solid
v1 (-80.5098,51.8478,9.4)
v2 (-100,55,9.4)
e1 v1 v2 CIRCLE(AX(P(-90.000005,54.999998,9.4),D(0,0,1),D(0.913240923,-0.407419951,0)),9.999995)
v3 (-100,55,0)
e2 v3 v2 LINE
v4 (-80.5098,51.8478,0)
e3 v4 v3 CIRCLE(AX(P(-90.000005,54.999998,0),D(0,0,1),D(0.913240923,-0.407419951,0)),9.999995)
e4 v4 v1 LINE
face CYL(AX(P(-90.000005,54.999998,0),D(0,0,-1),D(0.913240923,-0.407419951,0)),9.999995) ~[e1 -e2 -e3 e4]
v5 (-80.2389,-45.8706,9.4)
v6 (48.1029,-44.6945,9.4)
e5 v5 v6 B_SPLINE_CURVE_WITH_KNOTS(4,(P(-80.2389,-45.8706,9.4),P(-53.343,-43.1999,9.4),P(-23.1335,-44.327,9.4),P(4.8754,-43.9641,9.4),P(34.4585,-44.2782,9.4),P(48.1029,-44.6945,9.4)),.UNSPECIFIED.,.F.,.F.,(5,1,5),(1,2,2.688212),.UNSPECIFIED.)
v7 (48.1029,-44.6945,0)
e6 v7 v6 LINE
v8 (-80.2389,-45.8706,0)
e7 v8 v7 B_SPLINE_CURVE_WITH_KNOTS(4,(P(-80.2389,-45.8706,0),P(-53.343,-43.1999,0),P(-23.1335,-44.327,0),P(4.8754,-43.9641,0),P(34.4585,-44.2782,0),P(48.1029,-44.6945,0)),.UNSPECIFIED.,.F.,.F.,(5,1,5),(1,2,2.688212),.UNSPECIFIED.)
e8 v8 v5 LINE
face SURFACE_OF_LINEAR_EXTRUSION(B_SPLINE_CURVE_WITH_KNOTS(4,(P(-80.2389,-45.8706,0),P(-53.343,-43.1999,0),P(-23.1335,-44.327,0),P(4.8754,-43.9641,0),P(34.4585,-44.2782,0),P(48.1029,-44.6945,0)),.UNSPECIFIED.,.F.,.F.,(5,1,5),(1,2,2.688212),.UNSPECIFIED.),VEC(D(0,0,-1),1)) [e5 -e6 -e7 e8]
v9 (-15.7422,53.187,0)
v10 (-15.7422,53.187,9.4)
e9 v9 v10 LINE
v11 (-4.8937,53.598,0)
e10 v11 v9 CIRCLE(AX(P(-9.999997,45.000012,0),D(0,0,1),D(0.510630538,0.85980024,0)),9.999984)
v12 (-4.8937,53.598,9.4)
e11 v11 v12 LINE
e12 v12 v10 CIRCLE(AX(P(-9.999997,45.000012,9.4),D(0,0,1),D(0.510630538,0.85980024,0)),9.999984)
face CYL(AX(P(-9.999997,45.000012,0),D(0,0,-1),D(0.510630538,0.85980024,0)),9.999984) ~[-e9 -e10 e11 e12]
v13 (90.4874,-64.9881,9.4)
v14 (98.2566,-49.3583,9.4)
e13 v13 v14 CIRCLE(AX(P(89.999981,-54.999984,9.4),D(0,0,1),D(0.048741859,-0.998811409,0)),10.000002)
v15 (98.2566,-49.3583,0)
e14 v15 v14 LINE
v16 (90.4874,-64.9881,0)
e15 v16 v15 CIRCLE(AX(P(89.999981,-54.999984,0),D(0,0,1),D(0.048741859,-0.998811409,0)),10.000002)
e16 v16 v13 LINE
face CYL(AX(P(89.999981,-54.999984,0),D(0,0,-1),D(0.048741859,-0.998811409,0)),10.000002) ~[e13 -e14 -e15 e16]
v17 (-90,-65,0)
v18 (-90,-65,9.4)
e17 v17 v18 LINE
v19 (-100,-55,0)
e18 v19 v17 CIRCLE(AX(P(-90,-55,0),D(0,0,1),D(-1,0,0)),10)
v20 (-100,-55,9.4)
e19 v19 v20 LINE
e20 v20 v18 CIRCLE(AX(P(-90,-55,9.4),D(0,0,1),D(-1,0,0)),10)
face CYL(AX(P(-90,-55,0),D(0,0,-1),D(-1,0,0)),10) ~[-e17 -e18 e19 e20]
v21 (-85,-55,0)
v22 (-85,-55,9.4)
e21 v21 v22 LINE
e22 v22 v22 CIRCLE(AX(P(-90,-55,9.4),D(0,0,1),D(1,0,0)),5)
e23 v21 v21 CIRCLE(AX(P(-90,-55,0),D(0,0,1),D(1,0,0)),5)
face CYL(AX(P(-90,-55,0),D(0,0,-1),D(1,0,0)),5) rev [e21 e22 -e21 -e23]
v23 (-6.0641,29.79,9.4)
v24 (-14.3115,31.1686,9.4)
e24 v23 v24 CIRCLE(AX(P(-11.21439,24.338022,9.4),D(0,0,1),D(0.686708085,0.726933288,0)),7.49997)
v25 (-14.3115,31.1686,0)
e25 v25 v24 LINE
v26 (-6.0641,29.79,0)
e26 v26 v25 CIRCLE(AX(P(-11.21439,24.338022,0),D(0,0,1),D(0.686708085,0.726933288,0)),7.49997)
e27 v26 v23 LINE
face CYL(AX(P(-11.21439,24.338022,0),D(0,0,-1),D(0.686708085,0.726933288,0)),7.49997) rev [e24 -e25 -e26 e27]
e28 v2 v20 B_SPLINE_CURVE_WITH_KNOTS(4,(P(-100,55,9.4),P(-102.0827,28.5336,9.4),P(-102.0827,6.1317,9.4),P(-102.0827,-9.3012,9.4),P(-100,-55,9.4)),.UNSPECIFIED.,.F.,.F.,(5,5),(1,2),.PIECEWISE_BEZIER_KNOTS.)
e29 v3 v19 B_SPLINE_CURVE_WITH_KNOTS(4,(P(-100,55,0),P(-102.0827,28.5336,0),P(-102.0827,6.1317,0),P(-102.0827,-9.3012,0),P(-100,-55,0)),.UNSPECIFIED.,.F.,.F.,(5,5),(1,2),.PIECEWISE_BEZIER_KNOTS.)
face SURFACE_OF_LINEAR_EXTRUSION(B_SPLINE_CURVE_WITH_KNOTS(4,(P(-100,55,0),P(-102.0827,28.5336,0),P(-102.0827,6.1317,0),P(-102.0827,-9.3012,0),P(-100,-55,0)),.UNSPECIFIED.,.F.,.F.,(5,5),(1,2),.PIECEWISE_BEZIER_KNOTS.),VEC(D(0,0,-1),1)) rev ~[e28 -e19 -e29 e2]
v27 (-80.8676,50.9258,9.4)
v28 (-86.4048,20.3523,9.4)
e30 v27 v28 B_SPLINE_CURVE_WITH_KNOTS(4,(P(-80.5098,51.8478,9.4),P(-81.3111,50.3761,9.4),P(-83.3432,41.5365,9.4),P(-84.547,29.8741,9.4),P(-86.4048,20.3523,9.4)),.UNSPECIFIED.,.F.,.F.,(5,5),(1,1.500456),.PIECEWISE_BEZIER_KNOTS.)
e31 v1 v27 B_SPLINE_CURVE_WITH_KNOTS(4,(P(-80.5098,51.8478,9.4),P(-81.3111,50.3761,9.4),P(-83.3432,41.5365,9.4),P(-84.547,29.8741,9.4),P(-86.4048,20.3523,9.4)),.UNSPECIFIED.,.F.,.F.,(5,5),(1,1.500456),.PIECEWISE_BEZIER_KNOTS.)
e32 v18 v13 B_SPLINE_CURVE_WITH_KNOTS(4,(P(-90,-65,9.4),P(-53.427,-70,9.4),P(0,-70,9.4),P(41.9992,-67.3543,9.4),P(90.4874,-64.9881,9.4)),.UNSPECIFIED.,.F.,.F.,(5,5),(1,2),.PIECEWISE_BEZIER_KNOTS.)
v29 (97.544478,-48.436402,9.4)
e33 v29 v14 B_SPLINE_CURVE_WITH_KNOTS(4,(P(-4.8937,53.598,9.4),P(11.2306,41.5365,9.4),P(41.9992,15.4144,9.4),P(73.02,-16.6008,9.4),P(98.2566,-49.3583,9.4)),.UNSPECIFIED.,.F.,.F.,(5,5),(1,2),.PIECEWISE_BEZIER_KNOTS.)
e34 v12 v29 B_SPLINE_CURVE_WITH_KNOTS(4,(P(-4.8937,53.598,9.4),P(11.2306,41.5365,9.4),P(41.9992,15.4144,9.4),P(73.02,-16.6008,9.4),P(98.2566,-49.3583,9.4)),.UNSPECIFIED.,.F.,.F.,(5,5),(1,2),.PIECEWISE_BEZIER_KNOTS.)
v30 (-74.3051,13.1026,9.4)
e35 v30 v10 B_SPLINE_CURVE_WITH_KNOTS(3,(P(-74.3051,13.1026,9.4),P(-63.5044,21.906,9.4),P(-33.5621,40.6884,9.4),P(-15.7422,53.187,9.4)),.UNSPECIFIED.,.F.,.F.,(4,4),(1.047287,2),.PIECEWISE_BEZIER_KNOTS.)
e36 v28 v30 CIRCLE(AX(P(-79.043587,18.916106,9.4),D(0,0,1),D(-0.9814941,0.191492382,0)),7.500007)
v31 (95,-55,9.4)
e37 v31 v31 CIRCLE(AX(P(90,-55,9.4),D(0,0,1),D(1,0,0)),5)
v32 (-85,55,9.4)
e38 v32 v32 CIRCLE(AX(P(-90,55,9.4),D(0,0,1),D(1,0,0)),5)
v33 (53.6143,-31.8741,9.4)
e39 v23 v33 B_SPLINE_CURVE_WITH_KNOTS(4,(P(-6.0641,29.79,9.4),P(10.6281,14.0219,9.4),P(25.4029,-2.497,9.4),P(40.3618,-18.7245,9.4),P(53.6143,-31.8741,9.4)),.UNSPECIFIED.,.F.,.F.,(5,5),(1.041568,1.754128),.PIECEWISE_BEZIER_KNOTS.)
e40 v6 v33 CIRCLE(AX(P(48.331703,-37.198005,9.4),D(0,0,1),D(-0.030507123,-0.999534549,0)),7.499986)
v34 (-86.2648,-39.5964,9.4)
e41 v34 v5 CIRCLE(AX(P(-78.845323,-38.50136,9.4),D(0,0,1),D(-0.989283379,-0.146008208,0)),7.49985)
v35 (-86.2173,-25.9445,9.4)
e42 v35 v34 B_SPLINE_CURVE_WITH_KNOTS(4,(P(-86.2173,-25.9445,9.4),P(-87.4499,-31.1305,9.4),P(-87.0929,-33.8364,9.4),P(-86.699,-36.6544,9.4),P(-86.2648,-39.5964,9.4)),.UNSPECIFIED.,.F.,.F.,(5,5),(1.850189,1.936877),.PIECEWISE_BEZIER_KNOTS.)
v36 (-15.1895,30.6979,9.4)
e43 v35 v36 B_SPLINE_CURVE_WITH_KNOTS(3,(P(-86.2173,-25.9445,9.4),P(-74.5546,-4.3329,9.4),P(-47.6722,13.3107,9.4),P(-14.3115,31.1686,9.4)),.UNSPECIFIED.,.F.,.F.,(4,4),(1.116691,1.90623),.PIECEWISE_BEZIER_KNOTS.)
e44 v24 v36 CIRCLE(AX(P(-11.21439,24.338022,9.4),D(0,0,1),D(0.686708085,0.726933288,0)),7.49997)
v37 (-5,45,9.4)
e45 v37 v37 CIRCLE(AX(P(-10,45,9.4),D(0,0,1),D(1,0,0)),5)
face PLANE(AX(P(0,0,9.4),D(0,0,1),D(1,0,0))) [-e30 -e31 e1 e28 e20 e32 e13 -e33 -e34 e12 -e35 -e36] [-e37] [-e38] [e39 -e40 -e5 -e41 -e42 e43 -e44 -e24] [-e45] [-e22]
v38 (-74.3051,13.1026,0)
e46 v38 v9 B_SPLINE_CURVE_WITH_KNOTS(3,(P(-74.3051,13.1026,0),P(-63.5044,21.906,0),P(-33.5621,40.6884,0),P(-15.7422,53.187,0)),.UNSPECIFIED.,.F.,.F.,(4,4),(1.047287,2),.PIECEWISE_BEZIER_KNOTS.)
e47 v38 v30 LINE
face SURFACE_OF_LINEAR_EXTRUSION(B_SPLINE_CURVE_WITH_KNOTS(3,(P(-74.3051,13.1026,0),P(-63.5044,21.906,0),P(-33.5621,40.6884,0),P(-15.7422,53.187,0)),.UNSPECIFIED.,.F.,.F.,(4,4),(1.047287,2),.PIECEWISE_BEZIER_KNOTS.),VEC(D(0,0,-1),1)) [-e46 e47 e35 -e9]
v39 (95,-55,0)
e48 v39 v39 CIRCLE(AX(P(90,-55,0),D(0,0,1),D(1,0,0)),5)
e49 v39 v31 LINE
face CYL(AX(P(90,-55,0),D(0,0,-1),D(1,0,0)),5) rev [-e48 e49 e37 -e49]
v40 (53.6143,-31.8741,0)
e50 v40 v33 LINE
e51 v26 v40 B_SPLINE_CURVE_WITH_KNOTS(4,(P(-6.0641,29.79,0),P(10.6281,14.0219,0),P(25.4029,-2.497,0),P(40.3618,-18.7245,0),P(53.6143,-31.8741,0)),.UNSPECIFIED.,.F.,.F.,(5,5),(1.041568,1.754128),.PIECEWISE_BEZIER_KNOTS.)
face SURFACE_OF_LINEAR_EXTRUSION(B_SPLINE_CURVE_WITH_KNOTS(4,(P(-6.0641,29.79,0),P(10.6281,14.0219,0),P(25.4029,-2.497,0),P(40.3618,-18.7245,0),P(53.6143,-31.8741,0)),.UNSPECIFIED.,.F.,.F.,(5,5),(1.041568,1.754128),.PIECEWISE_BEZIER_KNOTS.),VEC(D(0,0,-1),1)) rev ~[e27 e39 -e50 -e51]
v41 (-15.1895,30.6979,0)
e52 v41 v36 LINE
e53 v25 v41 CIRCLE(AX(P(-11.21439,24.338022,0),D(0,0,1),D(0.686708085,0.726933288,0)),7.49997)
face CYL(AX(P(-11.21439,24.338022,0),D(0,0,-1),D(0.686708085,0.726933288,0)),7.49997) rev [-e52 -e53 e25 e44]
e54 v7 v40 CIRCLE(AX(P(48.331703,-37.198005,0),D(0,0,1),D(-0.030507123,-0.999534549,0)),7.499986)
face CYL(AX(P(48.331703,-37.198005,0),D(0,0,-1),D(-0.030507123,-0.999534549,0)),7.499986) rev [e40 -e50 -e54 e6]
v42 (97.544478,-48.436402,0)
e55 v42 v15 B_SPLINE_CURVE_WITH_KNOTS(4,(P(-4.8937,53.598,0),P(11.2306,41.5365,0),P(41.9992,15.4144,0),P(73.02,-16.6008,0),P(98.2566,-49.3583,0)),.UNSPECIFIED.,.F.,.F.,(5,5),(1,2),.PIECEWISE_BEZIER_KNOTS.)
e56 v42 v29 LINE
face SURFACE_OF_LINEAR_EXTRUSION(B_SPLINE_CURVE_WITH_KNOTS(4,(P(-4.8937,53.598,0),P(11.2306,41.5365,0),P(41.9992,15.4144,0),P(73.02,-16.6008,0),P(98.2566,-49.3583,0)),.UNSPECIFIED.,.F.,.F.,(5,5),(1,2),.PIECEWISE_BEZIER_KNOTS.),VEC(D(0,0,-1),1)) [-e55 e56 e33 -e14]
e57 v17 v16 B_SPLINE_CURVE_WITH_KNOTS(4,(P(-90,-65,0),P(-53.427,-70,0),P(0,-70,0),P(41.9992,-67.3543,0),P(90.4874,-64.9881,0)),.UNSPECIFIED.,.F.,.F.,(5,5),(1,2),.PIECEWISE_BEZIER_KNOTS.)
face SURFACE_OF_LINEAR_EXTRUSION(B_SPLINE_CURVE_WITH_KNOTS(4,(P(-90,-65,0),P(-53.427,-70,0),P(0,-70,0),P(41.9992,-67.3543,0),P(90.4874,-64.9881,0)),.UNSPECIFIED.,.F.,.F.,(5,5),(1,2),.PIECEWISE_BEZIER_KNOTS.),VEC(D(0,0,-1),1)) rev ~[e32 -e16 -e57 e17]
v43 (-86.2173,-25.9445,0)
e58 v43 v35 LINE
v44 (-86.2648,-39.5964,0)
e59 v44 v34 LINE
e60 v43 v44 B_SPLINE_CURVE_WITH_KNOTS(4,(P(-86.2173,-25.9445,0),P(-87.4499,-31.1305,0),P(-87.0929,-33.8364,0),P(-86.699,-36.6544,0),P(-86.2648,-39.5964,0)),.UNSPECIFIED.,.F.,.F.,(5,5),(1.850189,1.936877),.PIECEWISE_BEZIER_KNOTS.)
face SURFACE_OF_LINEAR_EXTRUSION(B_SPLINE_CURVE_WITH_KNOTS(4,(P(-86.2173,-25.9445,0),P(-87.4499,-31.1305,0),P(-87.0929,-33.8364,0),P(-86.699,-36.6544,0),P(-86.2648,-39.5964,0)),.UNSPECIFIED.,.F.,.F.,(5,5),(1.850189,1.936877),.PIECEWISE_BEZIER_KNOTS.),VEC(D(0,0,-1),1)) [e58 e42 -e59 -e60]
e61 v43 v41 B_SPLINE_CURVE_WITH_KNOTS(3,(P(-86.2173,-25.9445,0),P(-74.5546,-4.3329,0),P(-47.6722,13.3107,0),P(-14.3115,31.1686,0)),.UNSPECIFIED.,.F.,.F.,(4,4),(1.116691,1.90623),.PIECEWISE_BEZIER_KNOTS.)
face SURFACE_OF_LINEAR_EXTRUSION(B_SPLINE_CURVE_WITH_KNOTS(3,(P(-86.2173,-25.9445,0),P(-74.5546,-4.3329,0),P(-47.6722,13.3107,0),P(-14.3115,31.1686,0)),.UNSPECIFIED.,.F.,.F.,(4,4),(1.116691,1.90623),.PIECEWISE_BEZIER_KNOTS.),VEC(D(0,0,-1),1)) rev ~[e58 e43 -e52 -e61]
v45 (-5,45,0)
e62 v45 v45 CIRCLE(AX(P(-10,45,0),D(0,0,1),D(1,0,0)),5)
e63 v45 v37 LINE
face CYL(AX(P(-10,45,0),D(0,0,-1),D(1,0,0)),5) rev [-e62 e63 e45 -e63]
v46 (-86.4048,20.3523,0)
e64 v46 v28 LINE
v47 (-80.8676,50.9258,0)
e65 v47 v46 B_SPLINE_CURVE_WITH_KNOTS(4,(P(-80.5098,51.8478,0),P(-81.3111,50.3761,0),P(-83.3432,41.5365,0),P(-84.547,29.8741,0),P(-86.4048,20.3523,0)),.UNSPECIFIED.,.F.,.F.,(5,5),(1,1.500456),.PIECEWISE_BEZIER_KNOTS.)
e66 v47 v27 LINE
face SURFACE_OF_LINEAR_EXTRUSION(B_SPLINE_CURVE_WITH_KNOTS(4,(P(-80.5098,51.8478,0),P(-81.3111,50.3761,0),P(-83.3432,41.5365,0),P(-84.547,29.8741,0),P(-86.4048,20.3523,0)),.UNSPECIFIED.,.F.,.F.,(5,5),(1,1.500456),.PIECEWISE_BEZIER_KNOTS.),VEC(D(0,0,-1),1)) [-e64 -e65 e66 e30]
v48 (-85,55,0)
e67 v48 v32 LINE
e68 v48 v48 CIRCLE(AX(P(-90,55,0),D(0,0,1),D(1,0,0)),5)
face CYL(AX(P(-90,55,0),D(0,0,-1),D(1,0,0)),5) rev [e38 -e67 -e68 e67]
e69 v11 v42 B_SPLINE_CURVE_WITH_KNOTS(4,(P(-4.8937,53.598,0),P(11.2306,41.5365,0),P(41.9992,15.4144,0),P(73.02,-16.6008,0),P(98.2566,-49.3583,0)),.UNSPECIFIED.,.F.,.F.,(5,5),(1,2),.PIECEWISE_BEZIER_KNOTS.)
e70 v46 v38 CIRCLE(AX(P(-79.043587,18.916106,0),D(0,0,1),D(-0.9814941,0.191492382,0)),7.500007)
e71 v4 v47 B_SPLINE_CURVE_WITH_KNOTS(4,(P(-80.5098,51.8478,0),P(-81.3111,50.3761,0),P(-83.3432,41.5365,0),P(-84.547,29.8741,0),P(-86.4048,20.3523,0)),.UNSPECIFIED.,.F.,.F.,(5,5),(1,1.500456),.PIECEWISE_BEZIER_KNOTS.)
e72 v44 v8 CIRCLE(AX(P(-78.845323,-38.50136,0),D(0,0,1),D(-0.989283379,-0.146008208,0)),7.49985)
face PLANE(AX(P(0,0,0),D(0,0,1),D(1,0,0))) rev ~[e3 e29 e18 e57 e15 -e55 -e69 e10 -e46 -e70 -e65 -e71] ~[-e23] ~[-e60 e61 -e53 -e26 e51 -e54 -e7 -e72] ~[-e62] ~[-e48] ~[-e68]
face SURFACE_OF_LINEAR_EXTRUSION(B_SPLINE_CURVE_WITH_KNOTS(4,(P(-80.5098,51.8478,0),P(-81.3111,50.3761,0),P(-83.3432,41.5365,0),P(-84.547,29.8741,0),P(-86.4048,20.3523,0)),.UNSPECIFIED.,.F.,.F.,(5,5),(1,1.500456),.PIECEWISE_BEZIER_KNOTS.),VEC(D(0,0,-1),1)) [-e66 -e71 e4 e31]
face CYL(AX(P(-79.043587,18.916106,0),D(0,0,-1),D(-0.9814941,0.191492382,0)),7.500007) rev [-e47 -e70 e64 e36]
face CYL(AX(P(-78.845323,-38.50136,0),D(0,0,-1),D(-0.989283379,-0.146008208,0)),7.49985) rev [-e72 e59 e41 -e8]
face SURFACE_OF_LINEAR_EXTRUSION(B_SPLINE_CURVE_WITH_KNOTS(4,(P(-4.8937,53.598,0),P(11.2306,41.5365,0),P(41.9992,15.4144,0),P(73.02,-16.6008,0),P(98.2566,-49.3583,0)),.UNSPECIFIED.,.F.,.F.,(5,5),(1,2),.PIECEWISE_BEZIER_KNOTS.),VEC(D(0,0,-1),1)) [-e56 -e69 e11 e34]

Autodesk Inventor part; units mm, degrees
ref_plane "YZ Plane" through (0, 0, 0) normal (1, 0, 0) x (0, 1, 0)
ref_plane "XZ Plane" through (0, 0, 0) normal (0, 1, 0) x (-1, 0, 0)
ref_plane "XY Plane" through (0, 0, 0) normal (0, 0, 1) x (1, 0, 0)
sketch "Sketch1" plane through (0, 0, 0) normal (0, 0, 1) x (1, 0, 0)
  line L0 (-110, 70) -> (110, 70) construction
  line L1 (110, 70) -> (110, -70) construction
  line L2 (110, -70) -> (-110, -70) construction
  line L3 (-110, -70) -> (-110, 70) construction
  circle A0 centre (-90, 55) radius 5
  circle A1 centre (-90, -55) radius 5
  circle A2 centre (90, -55) radius 5
  circle A3 centre (-10, 45) radius 5
  line L4 (-67, 0) -> (-42, 0) construction
  line L5 (-42, 0) -> (-42, -30) construction
  line L6 (-42, -30) -> (-67, -30) construction
  line L7 (-67, -30) -> (-67, 0) construction
  circle A4 centre (-54.5, -11) radius 10 construction
  circle A5 centre (-63.5044, -24.4163) radius 3 construction
  circle A6 centre (-57.3559, -26.4695) radius 3 construction
  circle A7 centre (-51.263, -24.6531) radius 3 construction
  circle A8 centre (-45.3418, -26.5938) radius 3 construction
  arc A9 (-80.8676, 50.9258) -> (-100, 55) centre (-90, 55) ccw
  arc A10 (-4.8937, 53.598) -> (-15.7422, 53.187) centre (-10, 45) ccw
  arc A11 (90.4874, -64.9881) -> (88.2039, -45.1626) centre (90, -55) ccw
  line L8 (-100, 55) -> (-102.0827, 28.5336) construction
  line L9 (-102.0827, 28.5336) -> (-102.0827, 6.1317) construction
  line L10 (-102.0827, 6.1317) -> (-102.0827, -9.3012) construction
  line L11 (-102.0827, -9.3012) -> (-100, -55) construction
  spline S0 degree 4 poles (-100, 55) (-102.0827, 28.5336) (-102.0827, 6.1317) (-102.0827, -9.3012) (-100, -55) knots 1 1 1 1 1 2 2 2 2 2
  line L12 (-80.5098, 51.8478) -> (-81.3111, 50.3761) construction
  line L13 (-33.5621, 40.6884) -> (-15.7422, 53.187) construction
  spline S1 degree 3 poles (-74.3051, 13.1026) (-63.5044, 21.906) (-33.5621, 40.6884) (-15.7422, 53.187) knots 1.047287 1.047287 1.047287 1.047287 2 2 2 2
  line L14 (-90, -65) -> (-53.427, -70) construction
  line L15 (-53.427, -70) -> (0, -70) construction
  line L16 (0, -70) -> (41.9992, -67.3543) construction
  line L17 (41.9992, -67.3543) -> (90.4874, -64.9881) construction
  spline S2 degree 4 poles (-90, -65) (-53.427, -70) (0, -70) (41.9992, -67.3543) (90.4874, -64.9881) knots 1 1 1 1 1 2 2 2 2 2
  arc A12 (-100, -55) -> (-90, -65) centre (-90, -55) ccw
  spline S3 degree 3 poles (-86.2173, -25.9445) (-74.5546, -4.3329) (-47.6722, 13.3107) (-14.3115, 31.1686) knots 1.116691 1.116691 1.116691 1.116691 1.90623 1.90623 1.90623 1.90623
  line L18 (-86.2173, -25.9445) -> (-74.5546, -4.3329) construction
  spline S4 degree 4 poles (-80.5098, 51.8478) (-81.3111, 50.3761) (-83.3432, 41.5365) (-84.547, 29.8741) (-86.4048, 20.3523) knots 1 1 1 1 1 1.500456 1.500456 1.500456 1.500456 1.500456
  spline S5 degree 4 poles (-86.2173, -25.9445) (-87.4499, -31.1305) (-87.0929, -33.8364) (-86.699, -36.6544) (-86.2648, -39.5964) knots 1.850189 1.850189 1.850189 1.850189 1.850189 1.936877 1.936877 1.936877 1.936877 1.936877
  line L19 (-86.2173, -25.9445) -> (-87.4499, -31.1305) construction
  arc A13 (-86.2648, -39.5964) -> (-80.2389, -45.8706) centre (-78.8452, -38.5013) ccw
  line L20 (-87.4499, -31.1305) -> (-87.0929, -33.8364) construction
  line L21 (-87.0929, -33.8364) -> (-86.699, -36.6544) construction
  line L22 (-86.699, -36.6544) -> (-86.2648, -39.5964) construction
  arc A14 (-86.4048, 20.3523) -> (-74.3051, 13.1026) centre (-79.0436, 18.9161) ccw
  line L23 (-81.3111, 50.3761) -> (-83.3432, 41.5365) construction
  line L24 (-83.3432, 41.5365) -> (-84.547, 29.8741) construction
  line L25 (-84.547, 29.8741) -> (-86.4048, 20.3523) construction
  line L26 (-74.3051, 13.1026) -> (-63.5044, 21.906) construction
  line L27 (-63.5044, 21.906) -> (-33.5621, 40.6884) construction
  spline S6 degree 4 poles (-6.0641, 29.79) (10.6281, 14.0219) (25.4029, -2.497) (40.3618, -18.7245) (53.6143, -31.8741) knots 1.041568 1.041568 1.041568 1.041568 1.041568 1.754128 1.754128 1.754128 1.754128 1.754128
  line L28 (-4.8937, 53.598) -> (11.2306, 41.5365) construction
  line L29 (11.2306, 41.5365) -> (41.9992, 15.4144) construction
  line L30 (41.9992, 15.4144) -> (73.02, -16.6008) construction
  line L31 (73.02, -16.6008) -> (98.2566, -49.3583) construction
  spline S7 degree 4 poles (-4.8937, 53.598) (11.2306, 41.5365) (41.9992, 15.4144) (73.02, -16.6008) (98.2566, -49.3583) knots 1 1 1 1 1 2 2 2 2 2
  line L32 (-80.2389, -45.8706) -> (-53.343, -43.1999) construction
  line L33 (-53.343, -43.1999) -> (-23.1335, -44.327) construction
  spline S8 degree 4 poles (-80.2389, -45.8706) (-53.343, -43.1999) (-23.1335, -44.327) (4.8754, -43.9641) (34.4585, -44.2782) (48.1029, -44.6945) knots 1 1 1 1 1 2 2.688212 2.688212 2.688212 2.688212 2.688212
  arc A15 (48.1029, -44.6945) -> (53.6143, -31.8741) centre (48.3317, -37.198) ccw
  line L34 (40.3618, -18.7245) -> (53.6143, -31.8741) construction
  line L35 (-23.1335, -44.327) -> (4.8754, -43.9641) construction
  line L36 (4.8754, -43.9641) -> (34.4585, -44.2782) construction
  line L37 (34.4585, -44.2782) -> (48.1029, -44.6945) construction
  arc A16 (-6.0641, 29.79) -> (-15.1895, 30.6979) centre (-11.2144, 24.338) ccw
  line L38 (-74.5546, -4.3329) -> (-47.6722, 13.3107) construction
  line L39 (-47.6722, 13.3107) -> (-14.3115, 31.1686) construction
  line L40 (-6.0641, 29.79) -> (10.6281, 14.0219) construction
  line L41 (10.6281, 14.0219) -> (25.4029, -2.497) construction
  line L42 (25.4029, -2.497) -> (40.3618, -18.7245) construction
  point P0 (0, 0)
  dimension "d1" = 70
  dimension "d2" = 70
  dimension "d3" = 110
  dimension "d4" = 110
  dimension "d5" = 10
  dimension "d6" = 10
  dimension "d7" = 10
  dimension "d8" = 10
  dimension "d9" = 55
  dimension "d10" = 55
  dimension "d11" = 55
  dimension "d12" = 180
  dimension "d13" = 90
  dimension "d14" = 90
  dimension "d15" = 10
  dimension "d16" = 45
  dimension "d17" = 42
  dimension "d18" = 30
  dimension "d19" = 0
  dimension "d20" = 25
  dimension "d21" = 20
  dimension "d22" = 6
  dimension "d23" = 6
  dimension "d24" = 6
  dimension "d25" = 11
  dimension "d26" = 12.5
  dimension "d27" = 6
  dimension "d28" = 20
  dimension "d29" = 20
  dimension "d30" = 20
  dimension "d37" = 15
  dimension "d38" = 15
  dimension "d41" = 15
  dimension "d42" = 15
extrude "Extrusion3" add sketch "Sketch1" along normal blind 9.4 contours S4 A14 S1 A10 S7 A11 S2 A12 S0 A9
equation "\"d1\" = d2"
equation "\"d4\" = d3"
equation "\"d10\" = d9"
equation "\"d11\" = d9"
equation "\"d14\" = d13"
equation "\"d26\" = 0.5 * d20"
properties part number "Bracket Concept MK2"
